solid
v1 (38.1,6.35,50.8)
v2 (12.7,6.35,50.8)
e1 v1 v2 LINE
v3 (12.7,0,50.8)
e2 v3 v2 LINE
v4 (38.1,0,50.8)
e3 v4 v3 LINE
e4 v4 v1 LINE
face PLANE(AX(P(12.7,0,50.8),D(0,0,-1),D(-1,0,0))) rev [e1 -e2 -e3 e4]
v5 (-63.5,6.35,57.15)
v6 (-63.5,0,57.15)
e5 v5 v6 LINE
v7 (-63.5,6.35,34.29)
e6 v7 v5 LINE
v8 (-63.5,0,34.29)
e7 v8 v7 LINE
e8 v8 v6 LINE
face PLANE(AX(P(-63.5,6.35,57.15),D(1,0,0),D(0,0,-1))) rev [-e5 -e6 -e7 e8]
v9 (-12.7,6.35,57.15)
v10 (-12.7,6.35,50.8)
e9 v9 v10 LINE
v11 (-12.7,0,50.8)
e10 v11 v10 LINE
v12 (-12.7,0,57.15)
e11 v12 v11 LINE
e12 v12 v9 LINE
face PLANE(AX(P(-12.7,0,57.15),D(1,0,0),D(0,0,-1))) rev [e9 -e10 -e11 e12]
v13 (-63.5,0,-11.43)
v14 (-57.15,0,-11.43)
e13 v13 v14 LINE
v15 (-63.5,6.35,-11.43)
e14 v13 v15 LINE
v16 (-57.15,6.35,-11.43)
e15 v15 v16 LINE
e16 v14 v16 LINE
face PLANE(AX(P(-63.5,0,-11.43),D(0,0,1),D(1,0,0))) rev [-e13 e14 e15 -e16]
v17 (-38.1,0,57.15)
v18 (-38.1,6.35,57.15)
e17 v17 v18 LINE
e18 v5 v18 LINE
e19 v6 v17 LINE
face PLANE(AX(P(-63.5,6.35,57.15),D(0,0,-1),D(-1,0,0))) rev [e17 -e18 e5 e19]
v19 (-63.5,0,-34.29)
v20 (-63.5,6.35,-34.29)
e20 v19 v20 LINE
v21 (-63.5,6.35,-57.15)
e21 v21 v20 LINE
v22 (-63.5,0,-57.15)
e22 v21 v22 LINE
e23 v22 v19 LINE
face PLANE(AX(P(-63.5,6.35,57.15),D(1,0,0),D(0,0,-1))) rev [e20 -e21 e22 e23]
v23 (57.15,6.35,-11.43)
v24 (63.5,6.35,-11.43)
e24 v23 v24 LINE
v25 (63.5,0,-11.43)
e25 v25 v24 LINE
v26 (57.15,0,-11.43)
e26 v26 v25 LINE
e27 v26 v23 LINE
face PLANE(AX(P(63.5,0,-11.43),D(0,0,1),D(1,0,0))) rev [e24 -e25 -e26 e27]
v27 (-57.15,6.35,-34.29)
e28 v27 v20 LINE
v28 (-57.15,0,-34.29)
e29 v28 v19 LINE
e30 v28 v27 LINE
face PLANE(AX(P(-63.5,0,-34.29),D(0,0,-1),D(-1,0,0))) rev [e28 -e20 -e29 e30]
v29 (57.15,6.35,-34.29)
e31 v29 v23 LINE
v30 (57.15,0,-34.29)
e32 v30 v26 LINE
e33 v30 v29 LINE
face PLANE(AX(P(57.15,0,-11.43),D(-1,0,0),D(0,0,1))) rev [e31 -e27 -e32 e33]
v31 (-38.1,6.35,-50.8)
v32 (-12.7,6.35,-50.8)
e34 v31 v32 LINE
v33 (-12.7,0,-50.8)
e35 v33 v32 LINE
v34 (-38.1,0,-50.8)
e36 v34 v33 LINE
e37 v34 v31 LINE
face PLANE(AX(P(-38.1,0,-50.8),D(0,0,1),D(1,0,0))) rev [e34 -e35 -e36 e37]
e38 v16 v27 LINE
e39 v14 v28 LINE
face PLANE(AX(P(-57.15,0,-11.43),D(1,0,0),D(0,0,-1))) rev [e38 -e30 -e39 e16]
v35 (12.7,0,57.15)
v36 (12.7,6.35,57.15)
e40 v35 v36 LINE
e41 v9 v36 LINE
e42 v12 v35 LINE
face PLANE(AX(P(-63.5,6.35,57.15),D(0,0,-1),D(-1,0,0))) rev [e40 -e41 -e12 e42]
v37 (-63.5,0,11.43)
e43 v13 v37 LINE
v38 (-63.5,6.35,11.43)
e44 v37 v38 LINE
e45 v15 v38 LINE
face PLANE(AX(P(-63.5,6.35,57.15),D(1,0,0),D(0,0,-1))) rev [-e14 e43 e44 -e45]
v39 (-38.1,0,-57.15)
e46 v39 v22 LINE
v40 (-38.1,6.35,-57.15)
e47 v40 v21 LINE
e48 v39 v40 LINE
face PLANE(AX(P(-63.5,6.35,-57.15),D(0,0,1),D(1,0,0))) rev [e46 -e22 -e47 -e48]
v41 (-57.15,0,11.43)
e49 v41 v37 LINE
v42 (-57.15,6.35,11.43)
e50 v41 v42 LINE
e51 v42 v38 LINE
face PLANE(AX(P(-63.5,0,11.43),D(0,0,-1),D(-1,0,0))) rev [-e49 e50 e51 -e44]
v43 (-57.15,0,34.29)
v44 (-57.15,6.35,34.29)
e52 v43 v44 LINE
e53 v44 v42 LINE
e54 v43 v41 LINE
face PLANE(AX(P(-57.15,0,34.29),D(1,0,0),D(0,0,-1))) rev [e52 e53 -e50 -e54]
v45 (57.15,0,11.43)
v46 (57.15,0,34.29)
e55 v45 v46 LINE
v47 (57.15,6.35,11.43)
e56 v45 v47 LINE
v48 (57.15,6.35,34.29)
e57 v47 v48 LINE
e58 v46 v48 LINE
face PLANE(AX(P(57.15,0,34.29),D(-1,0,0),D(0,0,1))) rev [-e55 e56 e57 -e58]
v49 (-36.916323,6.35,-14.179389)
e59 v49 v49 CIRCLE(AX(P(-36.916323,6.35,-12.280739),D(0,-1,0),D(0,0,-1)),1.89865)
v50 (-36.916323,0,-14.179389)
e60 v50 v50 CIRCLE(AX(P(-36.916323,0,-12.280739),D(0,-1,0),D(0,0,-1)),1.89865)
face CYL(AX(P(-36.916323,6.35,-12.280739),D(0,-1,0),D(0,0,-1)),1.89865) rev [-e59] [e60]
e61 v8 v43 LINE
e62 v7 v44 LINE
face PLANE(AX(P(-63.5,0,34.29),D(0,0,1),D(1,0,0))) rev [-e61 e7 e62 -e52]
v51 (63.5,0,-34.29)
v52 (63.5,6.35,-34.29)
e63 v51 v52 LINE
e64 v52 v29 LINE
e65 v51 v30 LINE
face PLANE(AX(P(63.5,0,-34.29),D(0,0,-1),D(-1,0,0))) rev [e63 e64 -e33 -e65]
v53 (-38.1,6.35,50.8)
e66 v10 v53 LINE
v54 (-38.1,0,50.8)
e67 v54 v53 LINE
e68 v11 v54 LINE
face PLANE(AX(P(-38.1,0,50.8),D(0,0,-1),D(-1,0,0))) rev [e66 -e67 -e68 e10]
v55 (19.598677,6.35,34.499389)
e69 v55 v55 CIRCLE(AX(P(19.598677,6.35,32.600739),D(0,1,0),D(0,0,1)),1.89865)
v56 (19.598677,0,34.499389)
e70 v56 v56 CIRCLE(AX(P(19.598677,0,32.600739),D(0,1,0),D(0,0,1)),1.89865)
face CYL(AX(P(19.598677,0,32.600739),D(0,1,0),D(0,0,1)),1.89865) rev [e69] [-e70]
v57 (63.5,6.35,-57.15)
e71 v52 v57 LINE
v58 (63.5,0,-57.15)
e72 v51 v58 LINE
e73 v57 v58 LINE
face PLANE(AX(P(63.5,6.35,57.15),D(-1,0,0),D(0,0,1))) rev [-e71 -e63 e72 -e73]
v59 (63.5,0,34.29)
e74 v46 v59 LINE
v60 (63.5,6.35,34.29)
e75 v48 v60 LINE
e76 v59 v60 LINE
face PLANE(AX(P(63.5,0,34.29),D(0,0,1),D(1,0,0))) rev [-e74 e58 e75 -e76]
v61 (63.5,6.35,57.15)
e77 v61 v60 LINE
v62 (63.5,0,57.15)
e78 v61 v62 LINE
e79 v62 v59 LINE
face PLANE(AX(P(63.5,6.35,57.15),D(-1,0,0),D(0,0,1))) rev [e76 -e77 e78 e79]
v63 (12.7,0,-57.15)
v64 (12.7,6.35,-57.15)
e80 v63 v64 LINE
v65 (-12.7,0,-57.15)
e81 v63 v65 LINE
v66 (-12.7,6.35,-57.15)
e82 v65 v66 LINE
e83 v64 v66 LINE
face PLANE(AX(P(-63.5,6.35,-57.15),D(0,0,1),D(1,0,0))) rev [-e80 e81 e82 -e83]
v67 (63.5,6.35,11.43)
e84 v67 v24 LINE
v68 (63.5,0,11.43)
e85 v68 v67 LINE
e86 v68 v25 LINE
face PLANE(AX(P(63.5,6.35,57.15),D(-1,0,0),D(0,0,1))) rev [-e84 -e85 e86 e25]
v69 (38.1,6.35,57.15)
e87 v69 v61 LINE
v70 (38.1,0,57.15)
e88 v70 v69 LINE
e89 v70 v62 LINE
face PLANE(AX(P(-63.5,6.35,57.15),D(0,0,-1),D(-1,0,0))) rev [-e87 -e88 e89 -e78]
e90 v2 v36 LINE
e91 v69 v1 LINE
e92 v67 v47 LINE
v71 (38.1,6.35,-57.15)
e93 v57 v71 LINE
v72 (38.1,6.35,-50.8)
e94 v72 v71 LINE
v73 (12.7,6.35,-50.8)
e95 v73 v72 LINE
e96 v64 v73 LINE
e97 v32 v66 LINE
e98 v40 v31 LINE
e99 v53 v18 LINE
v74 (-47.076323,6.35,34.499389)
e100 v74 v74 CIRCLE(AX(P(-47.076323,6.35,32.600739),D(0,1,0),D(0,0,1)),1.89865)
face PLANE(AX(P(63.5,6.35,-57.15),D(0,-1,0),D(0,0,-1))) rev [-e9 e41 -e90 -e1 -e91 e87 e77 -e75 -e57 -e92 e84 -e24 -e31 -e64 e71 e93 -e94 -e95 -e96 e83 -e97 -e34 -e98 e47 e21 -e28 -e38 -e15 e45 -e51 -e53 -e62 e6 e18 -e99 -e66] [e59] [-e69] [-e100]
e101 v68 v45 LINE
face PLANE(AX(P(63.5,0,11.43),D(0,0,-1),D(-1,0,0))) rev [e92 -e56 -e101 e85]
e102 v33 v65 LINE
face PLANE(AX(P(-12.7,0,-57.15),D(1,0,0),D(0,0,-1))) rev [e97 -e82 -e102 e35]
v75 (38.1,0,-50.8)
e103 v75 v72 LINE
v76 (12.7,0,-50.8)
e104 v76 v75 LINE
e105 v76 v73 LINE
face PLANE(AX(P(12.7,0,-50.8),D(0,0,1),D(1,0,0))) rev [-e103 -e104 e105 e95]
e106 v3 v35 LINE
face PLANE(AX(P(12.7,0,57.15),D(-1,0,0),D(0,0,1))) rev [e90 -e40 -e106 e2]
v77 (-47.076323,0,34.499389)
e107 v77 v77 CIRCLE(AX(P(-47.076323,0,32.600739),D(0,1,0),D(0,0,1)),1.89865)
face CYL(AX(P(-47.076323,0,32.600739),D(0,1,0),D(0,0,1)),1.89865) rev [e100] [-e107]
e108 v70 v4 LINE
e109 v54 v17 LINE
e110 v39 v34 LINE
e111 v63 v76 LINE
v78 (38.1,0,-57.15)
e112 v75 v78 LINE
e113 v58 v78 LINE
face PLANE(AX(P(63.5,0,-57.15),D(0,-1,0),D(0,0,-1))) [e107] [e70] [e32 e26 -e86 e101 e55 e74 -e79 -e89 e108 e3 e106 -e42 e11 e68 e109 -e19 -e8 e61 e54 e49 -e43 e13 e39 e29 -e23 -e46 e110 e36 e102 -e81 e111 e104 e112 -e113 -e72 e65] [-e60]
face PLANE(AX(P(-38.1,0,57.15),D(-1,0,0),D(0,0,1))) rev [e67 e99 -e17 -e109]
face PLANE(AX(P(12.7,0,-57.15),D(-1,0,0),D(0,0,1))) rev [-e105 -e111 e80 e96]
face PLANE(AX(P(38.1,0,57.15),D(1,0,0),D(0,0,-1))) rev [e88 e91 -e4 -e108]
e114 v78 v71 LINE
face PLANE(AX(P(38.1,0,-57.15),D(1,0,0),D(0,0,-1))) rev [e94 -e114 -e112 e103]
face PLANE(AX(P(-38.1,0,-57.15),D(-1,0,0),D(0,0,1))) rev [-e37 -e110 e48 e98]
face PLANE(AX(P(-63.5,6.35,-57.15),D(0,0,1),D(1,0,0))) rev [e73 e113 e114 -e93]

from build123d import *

# Parameters (mm, degrees)
SKETCH1_W           = 127
SKETCH1_H           = 114.3
BOSS_EXTRUDE1_DEPTH = 6.35
SKETCH2_W           = 6.35
SKETCH2_H           = 22.86
SKETCH2_W_2         = 25.4
SKETCH2_H_2         = 6.35
CUT_EXTRUDE1_DEPTH  = 7.35
SKETCH3_R           = 1.89865
CUT_EXTRUDE2_DEPTH  = 7.35
SKETCH4_R           = 1.89865
CUT_EXTRUDE3_DEPTH  = 7.35


with BuildPart() as part:
    # Sketch1 → Boss-Extrude1 (new body)
    with BuildSketch(Plane(origin=(0, 0, 0), x_dir=(1, 0, 0), z_dir=(0, 1, 0))):
        Rectangle(SKETCH1_W, SKETCH1_H)
    extrude(amount=BOSS_EXTRUDE1_DEPTH)

    # Sketch2 → Cut-Extrude1 (cut, through all)
    with BuildSketch(Plane(origin=(0, 6.35, 0), x_dir=(1, 0, 0), z_dir=(0, 1, 0))):
        with Locations((-60.325, -22.86)):
            Rectangle(SKETCH2_W, SKETCH2_H)
        with Locations((-60.325, 22.86)):
            Rectangle(SKETCH2_W, SKETCH2_H)
        with Locations((-25.4, 53.975)):
            Rectangle(SKETCH2_W_2, SKETCH2_H_2)
        with Locations((25.4, 53.975)):
            Rectangle(SKETCH2_W_2, SKETCH2_H_2)
        with Locations((60.325, 22.86)):
            Rectangle(SKETCH2_W, SKETCH2_H)
        with Locations((60.325, -22.86)):
            Rectangle(SKETCH2_W, SKETCH2_H)
        with Locations((25.4, -53.975)):
            Rectangle(SKETCH2_W_2, SKETCH2_H_2)
        with Locations((-25.4, -53.975)):
            Rectangle(SKETCH2_W_2, SKETCH2_H_2)
    extrude(amount=-CUT_EXTRUDE1_DEPTH, mode=Mode.SUBTRACT)

    # Sketch3 → Cut-Extrude2 (cut, through all)
    with BuildSketch(Plane(origin=(0, 6.35, 0), x_dir=(1, 0, 0), z_dir=(0, 1, 0))):
        with Locations((-47.076322948, -32.600738686)):
            Circle(SKETCH3_R)
        with Locations((19.598677052, -32.600738686)):
            Circle(SKETCH3_R)
    extrude(amount=-CUT_EXTRUDE2_DEPTH, mode=Mode.SUBTRACT)

    # Sketch4 → Cut-Extrude3 (cut, through all)
    with BuildSketch(Plane.XZ):
        with Locations((-36.916322948, -12.280738686)):
            Circle(SKETCH4_R)
    extrude(amount=-CUT_EXTRUDE3_DEPTH, mode=Mode.SUBTRACT)


solid = part.part
